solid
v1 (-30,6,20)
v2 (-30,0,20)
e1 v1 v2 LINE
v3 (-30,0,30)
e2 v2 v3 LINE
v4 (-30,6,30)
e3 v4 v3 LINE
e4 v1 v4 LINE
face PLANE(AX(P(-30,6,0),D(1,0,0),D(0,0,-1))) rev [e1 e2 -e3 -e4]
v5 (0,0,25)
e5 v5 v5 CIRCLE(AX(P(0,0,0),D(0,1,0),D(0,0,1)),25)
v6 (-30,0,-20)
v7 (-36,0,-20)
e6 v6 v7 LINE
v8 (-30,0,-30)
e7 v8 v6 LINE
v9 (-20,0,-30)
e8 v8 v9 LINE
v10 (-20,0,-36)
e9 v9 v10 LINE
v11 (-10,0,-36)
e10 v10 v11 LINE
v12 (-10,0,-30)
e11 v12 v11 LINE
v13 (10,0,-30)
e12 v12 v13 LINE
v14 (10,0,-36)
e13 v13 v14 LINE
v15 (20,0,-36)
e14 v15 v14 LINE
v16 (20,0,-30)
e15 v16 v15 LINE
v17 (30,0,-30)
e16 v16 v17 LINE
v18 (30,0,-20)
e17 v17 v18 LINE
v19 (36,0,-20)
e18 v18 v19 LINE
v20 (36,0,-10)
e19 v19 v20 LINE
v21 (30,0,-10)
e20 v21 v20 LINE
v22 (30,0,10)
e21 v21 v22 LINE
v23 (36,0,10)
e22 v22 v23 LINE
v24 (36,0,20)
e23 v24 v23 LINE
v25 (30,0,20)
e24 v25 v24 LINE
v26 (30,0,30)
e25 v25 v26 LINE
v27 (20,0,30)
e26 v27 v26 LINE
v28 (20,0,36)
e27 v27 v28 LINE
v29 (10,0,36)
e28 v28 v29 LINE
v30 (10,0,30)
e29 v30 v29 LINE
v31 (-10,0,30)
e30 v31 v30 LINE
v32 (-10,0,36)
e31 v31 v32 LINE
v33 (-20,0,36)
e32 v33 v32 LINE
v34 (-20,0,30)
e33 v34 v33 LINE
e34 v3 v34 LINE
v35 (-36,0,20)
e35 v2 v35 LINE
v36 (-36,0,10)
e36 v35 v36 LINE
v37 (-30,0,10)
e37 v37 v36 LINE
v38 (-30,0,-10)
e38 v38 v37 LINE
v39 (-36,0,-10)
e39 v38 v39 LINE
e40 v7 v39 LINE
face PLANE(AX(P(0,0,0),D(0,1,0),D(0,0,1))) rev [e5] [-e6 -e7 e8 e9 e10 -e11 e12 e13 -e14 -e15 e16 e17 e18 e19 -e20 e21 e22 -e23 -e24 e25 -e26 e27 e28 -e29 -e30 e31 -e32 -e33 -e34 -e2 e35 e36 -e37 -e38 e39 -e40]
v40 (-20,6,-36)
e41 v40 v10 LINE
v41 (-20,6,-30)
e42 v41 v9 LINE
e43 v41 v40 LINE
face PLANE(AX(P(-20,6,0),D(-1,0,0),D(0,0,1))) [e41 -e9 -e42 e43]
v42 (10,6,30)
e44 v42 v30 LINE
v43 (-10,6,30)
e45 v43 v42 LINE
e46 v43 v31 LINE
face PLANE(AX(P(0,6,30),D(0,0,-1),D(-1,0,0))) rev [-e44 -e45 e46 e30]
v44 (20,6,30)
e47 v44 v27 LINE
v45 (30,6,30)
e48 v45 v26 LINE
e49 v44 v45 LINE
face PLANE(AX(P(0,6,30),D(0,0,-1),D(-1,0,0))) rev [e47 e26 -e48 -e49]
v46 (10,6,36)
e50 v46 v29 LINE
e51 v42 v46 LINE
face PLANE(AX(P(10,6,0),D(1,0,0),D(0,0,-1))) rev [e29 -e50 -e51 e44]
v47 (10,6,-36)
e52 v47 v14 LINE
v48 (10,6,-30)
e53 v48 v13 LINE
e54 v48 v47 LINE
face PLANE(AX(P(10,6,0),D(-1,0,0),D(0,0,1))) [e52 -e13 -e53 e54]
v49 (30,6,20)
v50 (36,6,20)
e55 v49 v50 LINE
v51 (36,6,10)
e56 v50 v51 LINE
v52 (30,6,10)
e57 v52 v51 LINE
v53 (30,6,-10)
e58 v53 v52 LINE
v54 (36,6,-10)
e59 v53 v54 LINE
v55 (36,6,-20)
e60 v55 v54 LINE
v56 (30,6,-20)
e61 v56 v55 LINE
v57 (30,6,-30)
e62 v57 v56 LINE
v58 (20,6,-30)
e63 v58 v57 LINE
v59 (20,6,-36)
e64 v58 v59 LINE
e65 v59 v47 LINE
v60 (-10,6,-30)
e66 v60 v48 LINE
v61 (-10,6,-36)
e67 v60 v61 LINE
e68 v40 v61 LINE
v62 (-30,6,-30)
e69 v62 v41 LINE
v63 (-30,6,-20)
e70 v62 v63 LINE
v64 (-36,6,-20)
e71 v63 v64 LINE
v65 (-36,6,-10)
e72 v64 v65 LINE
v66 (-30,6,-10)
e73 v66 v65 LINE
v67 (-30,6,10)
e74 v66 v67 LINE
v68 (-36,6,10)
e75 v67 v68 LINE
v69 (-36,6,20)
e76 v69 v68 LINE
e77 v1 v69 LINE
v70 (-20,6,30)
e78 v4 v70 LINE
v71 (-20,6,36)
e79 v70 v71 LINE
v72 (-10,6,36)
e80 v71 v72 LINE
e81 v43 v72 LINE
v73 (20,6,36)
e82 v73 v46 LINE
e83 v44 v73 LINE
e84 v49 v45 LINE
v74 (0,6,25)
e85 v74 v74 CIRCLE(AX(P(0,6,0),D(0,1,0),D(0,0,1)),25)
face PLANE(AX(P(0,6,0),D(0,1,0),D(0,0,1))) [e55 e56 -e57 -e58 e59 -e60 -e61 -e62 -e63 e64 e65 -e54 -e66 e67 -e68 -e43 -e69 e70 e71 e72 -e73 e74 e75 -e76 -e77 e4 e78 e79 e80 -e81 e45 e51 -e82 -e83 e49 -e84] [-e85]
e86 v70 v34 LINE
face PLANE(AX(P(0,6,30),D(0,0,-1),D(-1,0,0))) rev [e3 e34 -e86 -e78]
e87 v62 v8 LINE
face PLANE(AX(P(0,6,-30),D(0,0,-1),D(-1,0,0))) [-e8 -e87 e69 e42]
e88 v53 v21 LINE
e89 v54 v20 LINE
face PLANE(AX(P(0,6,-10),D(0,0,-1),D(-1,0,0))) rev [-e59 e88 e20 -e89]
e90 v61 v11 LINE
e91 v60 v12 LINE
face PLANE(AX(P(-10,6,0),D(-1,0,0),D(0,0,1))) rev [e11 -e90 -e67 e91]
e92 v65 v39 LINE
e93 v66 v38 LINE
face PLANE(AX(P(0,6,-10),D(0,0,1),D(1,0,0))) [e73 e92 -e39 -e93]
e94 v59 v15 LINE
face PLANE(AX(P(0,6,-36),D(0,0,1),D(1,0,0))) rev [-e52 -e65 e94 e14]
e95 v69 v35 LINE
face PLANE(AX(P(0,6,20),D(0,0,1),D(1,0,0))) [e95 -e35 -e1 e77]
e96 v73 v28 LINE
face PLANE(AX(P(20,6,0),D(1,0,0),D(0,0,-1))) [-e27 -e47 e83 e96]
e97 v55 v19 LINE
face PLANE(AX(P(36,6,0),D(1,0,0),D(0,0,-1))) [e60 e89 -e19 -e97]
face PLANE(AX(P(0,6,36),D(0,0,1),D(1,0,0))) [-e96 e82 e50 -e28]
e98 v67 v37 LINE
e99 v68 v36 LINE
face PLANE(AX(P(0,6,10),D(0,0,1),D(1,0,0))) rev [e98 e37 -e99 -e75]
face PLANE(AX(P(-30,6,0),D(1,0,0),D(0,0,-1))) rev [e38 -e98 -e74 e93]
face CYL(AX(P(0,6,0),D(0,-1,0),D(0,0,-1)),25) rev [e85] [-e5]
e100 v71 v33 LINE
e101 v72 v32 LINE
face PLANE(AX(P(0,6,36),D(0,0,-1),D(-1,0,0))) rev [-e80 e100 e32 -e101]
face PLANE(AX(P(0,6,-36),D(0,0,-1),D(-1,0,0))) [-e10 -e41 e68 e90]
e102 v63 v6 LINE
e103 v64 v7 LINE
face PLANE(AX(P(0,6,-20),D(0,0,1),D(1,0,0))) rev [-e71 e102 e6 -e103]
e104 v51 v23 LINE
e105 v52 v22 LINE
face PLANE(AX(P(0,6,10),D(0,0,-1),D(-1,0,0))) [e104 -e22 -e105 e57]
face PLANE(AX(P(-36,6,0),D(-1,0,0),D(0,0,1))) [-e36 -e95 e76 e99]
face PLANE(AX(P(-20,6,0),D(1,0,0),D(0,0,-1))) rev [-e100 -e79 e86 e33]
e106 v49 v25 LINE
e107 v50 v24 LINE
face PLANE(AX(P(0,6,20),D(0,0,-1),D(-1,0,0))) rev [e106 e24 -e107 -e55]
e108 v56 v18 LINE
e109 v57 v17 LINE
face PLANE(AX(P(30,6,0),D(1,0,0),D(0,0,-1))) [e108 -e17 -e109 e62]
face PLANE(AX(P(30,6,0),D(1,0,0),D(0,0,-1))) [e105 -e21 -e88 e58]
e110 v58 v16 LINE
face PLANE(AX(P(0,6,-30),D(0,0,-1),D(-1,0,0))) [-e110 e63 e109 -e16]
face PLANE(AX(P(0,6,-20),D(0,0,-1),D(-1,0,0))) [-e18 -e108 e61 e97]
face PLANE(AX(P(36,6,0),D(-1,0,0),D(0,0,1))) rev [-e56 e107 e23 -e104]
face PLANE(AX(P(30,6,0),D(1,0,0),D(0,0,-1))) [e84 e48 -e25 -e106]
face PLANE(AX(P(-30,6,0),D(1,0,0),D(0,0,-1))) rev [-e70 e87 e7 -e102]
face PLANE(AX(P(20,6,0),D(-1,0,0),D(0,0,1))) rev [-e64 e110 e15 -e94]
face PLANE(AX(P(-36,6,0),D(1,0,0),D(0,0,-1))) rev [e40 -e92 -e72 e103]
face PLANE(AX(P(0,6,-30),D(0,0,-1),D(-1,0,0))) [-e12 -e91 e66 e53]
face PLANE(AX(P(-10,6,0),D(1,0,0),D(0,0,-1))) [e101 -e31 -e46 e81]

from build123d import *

# Parameters (mm, degrees)
SKETCH1_W           = 60
SKETCH1_H           = 60
SKETCH1_R           = 25
SKETCH1_W_2         = 10
SKETCH1_H_2         = 6
SKETCH1_W_3         = 6
SKETCH1_H_3         = 10
BOSS_EXTRUDE1_DEPTH = 6


with BuildPart() as part:
    # Sketch1 → Boss-Extrude1 (new body)
    # profile 1 of 9: a face of its own
    with BuildSketch(Plane(origin=(0, 0, 0), x_dir=(1, 0, 0), z_dir=(0, 1, 0))):
        Rectangle(SKETCH1_W, SKETCH1_H)
        with Locations(Location((0, 0, 0), (0, 0, 270))):
            Circle(SKETCH1_R, mode=Mode.SUBTRACT)
    # profile 2 of 9: a face of its own
    with BuildSketch(Plane(origin=(0, 0, 0), x_dir=(1, 0, 0), z_dir=(0, 1, 0))):
        with Locations((15, -33)):
            Rectangle(SKETCH1_W_2, SKETCH1_H_2)
    # profile 3 of 9: a face of its own
    with BuildSketch(Plane(origin=(0, 0, 0), x_dir=(1, 0, 0), z_dir=(0, 1, 0))):
        with Locations((-15, -33)):
            Rectangle(SKETCH1_W_2, SKETCH1_H_2)
    # profile 4 of 9: a face of its own
    with BuildSketch(Plane(origin=(0, 0, 0), x_dir=(1, 0, 0), z_dir=(0, 1, 0))):
        with Locations((-33, -15)):
            Rectangle(SKETCH1_W_3, SKETCH1_H_3)
    # profile 5 of 9: a face of its own
    with BuildSketch(Plane(origin=(0, 0, 0), x_dir=(1, 0, 0), z_dir=(0, 1, 0))):
        with Locations((-33, 15)):
            Rectangle(SKETCH1_W_3, SKETCH1_H_3)
    # profile 6 of 9: a face of its own
    with BuildSketch(Plane(origin=(0, 0, 0), x_dir=(1, 0, 0), z_dir=(0, 1, 0))):
        with Locations((-15, 33)):
            Rectangle(SKETCH1_W_2, SKETCH1_H_2)
    # profile 7 of 9: a face of its own
    with BuildSketch(Plane(origin=(0, 0, 0), x_dir=(1, 0, 0), z_dir=(0, 1, 0))):
        with Locations((15, 33)):
            Rectangle(SKETCH1_W_2, SKETCH1_H_2)
    # profile 8 of 9: a face of its own
    with BuildSketch(Plane(origin=(0, 0, 0), x_dir=(1, 0, 0), z_dir=(0, 1, 0))):
        with Locations((33, 15)):
            Rectangle(SKETCH1_W_3, SKETCH1_H_3)
    # profile 9 of 9: a face of its own
    with BuildSketch(Plane(origin=(0, 0, 0), x_dir=(1, 0, 0), z_dir=(0, 1, 0))):
        with Locations((33, -15)):
            Rectangle(SKETCH1_W_3, SKETCH1_H_3)
    extrude(amount=BOSS_EXTRUDE1_DEPTH)


solid = part.part
